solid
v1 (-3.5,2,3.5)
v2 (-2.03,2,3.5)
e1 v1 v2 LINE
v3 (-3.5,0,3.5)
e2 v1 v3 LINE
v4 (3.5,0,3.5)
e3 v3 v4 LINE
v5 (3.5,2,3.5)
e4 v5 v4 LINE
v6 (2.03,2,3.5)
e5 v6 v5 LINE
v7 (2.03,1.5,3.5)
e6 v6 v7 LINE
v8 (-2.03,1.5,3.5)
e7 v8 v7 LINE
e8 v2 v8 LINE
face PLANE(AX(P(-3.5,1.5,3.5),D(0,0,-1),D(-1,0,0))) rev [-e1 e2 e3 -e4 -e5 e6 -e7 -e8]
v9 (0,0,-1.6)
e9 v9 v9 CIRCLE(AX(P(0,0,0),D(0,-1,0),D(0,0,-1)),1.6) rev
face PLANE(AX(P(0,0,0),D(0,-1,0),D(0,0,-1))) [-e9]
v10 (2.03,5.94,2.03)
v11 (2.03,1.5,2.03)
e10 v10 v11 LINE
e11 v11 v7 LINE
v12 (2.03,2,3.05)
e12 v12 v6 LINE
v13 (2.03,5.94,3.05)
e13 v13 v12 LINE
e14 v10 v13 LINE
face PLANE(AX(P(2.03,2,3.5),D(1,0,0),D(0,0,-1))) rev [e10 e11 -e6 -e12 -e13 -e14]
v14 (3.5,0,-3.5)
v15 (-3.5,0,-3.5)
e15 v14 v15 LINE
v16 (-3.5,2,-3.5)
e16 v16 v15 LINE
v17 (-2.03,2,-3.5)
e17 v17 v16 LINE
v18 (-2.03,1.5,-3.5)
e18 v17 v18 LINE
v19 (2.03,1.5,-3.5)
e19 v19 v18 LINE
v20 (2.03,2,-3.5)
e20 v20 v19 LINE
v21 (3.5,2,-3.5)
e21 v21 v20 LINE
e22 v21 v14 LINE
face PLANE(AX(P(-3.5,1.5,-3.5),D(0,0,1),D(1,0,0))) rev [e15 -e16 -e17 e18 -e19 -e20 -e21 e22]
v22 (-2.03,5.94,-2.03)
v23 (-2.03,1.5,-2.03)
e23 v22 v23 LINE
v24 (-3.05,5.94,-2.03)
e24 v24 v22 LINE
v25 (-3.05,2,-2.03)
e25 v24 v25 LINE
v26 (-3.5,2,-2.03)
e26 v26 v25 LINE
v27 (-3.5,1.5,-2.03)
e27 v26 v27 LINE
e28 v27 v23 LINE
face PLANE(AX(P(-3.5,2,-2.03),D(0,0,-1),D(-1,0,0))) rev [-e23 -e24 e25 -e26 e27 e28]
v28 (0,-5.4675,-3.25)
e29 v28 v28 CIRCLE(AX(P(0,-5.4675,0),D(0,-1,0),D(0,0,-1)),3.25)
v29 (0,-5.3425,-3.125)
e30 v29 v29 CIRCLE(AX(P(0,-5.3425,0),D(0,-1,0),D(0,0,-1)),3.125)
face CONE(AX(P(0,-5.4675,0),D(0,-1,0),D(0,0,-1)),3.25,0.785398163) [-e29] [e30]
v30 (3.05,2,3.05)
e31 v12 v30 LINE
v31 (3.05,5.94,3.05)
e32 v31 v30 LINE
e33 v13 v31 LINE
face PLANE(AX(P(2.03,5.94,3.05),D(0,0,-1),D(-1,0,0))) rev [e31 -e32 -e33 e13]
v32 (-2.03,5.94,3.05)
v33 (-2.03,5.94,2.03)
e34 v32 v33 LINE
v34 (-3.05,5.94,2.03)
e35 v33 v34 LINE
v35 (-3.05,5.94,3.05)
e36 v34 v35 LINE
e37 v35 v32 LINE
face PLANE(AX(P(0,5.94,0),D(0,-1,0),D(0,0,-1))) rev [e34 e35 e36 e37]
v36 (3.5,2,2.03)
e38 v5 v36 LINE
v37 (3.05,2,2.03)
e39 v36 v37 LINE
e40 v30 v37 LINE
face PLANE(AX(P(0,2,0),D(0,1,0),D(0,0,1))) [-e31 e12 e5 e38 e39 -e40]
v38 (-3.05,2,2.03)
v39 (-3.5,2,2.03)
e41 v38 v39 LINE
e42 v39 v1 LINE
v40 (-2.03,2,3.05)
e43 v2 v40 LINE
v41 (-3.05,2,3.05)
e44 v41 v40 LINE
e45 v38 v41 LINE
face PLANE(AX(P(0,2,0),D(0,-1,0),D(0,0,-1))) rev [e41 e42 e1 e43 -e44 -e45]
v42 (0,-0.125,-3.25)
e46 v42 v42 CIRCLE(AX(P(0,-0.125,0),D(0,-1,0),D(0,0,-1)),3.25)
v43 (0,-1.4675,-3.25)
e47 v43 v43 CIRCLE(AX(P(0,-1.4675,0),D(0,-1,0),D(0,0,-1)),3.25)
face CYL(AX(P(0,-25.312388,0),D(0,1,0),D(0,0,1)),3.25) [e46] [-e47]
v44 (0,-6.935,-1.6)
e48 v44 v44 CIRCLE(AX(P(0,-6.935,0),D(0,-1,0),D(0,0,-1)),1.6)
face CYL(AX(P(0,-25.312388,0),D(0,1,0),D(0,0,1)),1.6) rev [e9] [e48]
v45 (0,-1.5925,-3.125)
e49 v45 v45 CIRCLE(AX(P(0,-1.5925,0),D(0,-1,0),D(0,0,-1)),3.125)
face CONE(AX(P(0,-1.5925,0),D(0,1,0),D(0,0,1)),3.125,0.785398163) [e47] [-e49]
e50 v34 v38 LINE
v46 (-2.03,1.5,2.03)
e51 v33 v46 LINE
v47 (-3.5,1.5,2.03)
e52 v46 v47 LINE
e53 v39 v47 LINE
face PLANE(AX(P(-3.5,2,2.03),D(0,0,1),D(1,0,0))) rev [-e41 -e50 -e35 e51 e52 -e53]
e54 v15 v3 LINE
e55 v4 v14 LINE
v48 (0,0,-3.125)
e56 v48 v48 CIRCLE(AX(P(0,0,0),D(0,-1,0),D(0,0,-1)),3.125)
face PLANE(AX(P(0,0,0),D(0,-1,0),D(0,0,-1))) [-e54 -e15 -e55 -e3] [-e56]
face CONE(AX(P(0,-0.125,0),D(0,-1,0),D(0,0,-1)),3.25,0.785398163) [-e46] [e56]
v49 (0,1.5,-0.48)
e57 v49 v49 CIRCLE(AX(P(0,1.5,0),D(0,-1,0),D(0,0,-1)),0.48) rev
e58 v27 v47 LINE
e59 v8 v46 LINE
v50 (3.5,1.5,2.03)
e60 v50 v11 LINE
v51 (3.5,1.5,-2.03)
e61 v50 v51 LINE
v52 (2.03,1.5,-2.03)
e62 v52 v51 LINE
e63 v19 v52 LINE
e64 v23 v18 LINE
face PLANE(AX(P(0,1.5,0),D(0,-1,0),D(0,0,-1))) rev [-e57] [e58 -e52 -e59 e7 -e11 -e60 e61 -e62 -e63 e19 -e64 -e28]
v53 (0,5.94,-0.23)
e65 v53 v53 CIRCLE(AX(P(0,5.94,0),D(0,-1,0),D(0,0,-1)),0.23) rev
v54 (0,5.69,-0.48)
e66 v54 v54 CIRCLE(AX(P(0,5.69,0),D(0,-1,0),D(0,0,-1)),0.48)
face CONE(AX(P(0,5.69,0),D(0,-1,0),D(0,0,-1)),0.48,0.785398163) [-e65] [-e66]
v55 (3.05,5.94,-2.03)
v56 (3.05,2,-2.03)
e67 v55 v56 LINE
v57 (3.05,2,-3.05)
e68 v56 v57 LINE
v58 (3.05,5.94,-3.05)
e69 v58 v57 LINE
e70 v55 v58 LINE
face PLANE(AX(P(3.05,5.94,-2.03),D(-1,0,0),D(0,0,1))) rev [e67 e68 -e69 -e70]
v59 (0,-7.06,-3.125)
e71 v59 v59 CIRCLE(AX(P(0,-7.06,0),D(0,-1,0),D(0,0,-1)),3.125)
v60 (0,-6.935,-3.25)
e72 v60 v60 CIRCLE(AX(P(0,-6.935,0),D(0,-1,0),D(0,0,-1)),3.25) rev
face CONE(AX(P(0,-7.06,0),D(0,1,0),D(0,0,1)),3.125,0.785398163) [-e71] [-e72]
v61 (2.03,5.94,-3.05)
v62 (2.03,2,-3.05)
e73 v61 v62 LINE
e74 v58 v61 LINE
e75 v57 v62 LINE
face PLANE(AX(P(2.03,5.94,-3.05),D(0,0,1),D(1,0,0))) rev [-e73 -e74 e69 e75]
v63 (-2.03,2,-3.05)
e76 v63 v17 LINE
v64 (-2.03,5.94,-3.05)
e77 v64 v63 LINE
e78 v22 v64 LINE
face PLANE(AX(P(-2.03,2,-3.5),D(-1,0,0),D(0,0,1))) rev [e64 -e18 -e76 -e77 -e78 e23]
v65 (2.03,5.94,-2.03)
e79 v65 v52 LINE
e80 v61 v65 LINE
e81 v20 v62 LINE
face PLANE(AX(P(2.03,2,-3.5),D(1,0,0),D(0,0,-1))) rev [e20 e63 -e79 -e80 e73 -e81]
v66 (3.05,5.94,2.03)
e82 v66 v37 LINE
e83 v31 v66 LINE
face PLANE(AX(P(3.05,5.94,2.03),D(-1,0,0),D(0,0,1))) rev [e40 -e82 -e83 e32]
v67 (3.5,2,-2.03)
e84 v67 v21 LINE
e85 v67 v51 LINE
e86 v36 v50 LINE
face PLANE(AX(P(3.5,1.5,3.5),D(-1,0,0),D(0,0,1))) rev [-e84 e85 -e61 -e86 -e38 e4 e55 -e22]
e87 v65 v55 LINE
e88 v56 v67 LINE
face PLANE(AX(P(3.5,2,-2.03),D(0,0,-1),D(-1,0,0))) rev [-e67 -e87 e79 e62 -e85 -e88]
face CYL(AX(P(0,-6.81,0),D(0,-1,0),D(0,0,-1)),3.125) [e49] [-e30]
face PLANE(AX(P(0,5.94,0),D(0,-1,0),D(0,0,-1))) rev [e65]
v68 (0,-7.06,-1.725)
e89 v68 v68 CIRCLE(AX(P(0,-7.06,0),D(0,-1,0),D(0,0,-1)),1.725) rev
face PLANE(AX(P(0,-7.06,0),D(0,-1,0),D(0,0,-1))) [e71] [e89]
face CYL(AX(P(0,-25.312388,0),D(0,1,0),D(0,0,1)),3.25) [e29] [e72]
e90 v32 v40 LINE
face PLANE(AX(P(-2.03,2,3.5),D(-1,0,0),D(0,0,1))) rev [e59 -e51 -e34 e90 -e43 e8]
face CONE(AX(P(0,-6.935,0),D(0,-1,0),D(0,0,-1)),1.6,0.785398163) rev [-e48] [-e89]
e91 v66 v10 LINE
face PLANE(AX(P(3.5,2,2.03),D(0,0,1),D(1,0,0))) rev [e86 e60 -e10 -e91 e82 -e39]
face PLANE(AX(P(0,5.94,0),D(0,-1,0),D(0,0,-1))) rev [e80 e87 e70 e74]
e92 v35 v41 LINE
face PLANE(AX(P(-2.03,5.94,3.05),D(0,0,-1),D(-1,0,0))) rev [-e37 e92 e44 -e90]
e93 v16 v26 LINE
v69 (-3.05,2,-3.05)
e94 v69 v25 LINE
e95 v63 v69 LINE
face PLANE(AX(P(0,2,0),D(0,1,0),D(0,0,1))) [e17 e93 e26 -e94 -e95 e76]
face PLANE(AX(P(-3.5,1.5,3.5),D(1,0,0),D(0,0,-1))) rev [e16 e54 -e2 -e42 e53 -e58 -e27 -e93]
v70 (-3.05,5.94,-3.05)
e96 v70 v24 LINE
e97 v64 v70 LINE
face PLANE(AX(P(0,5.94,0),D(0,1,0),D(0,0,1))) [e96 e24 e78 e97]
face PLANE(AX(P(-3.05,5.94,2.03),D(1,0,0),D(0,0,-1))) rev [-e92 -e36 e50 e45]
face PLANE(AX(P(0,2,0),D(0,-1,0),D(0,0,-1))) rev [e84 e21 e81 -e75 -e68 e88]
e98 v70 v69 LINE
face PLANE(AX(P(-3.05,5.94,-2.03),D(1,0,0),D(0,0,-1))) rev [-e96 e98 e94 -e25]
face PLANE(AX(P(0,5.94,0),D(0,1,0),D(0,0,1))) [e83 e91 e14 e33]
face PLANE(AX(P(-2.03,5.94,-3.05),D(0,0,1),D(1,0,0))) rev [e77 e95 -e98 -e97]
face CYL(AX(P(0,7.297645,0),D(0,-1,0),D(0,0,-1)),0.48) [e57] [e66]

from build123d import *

# Parameters (mm, degrees)
SKETCH1_W           = 7
SKETCH1_H           = 7
BOSS_EXTRUDE1_DEPTH = 1.5
SKETCH2_W           = 1.47
SKETCH2_H           = 1.47
BOSS_EXTRUDE2_DEPTH = 0.5
SKETCH3_W           = 1.02
SKETCH3_H           = 1.02
BOSS_EXTRUDE3_DEPTH = 3.94
SKETCH4_R           = 3.25
SKETCH4_R_2         = 1.6
BOSS_EXTRUDE4_DEPTH = 7.06
CHAMFER1_SIZE       = 0.125
SKETCH7_R           = 0.48
BOSS_EXTRUDE5_DEPTH = 4.44
CHAMFER2_SIZE       = 0.25


with BuildPart() as part:
    # Sketch1 → Boss-Extrude1 (new body)
    with BuildSketch(Plane(origin=(0, 0, 0), x_dir=(1, 0, 0), z_dir=(0, 1, 0))):
        Rectangle(SKETCH1_W, SKETCH1_H)
    extrude(amount=BOSS_EXTRUDE1_DEPTH)

    # Sketch2 → Boss-Extrude2 (add)
    with BuildSketch(Plane(origin=(0, 1.5, 0), x_dir=(1, 0, 0), z_dir=(0, 1, 0))):
        with Locations((-2.765, 2.765)):
            Rectangle(SKETCH2_W, SKETCH2_H)
        with Locations((2.765, 2.765)):
            Rectangle(SKETCH2_W, SKETCH2_H)
        with Locations((2.765, -2.765)):
            Rectangle(SKETCH2_W, SKETCH2_H)
        with Locations((-2.765, -2.765)):
            Rectangle(SKETCH2_W, SKETCH2_H)
    extrude(amount=BOSS_EXTRUDE2_DEPTH)

    # Sketch3 → Boss-Extrude3 (add)
    with BuildSketch(Plane(origin=(0, 2, 0), x_dir=(1, 0, 0), z_dir=(0, 1, 0))):
        with Locations((-2.54, -2.54)):
            Rectangle(SKETCH3_W, SKETCH3_H)
        with Locations((2.54, -2.54)):
            Rectangle(SKETCH3_W, SKETCH3_H)
        with Locations((2.54, 2.54)):
            Rectangle(SKETCH3_W, SKETCH3_H)
        with Locations((-2.54, 2.54)):
            Rectangle(SKETCH3_W, SKETCH3_H)
    extrude(amount=BOSS_EXTRUDE3_DEPTH)

    # Sketch4 → Boss-Extrude4 (add)
    with BuildSketch(Plane.XZ):
        with Locations(Location((0, 0, 0), (0, 0, 270))):
            Circle(SKETCH4_R)
        with Locations(Location((0, 0, 0), (0, 0, 270))):
            Circle(SKETCH4_R_2, mode=Mode.SUBTRACT)
    extrude(amount=BOSS_EXTRUDE4_DEPTH)

    # Chamfer1
    chamfer1_edges = [part.edges().sort_by_distance(p)[0] for p in [
        (0, -7.06, 1.6),
        (0, -7.06, 3.25),
    ]]
    chamfer(chamfer1_edges, length=CHAMFER1_SIZE)

    # Sketch5 → Cut-Revolve1 (revolve, cut)
    with BuildSketch(Plane.XY, mode=Mode.PRIVATE) as cut_revolve1_sk:
        Polygon((-3.25, -1.4675), (-3.125, -1.5925), (-3.125, -5.3425), (-3.25, -5.4675), align=None)
        Polygon((-3.25, 0), (-3.125, 0), (-3.25, -0.125), align=None)
    revolve(cut_revolve1_sk.sketch.rotate(Axis((0, -6.81, 0), (0, 1, 0)), 270), axis=Axis((0, -6.81, 0), (0, 1, 0)), mode=Mode.SUBTRACT)

    # Sketch7 → Boss-Extrude5 (add)
    with BuildSketch(Plane(origin=(0, 1.5, 0), x_dir=(1, 0, 0), z_dir=(0, 1, 0))):
        with Locations(Location((0, 0, 0), (0, 0, 90))):
            Circle(SKETCH7_R)
    extrude(amount=BOSS_EXTRUDE5_DEPTH)

    # Chamfer2
    chamfer2_edges = [part.edges().sort_by_distance(p)[0] for p in [
        (0, 5.94, 0.48),
    ]]
    chamfer(chamfer2_edges, length=CHAMFER2_SIZE)


solid = part.part
